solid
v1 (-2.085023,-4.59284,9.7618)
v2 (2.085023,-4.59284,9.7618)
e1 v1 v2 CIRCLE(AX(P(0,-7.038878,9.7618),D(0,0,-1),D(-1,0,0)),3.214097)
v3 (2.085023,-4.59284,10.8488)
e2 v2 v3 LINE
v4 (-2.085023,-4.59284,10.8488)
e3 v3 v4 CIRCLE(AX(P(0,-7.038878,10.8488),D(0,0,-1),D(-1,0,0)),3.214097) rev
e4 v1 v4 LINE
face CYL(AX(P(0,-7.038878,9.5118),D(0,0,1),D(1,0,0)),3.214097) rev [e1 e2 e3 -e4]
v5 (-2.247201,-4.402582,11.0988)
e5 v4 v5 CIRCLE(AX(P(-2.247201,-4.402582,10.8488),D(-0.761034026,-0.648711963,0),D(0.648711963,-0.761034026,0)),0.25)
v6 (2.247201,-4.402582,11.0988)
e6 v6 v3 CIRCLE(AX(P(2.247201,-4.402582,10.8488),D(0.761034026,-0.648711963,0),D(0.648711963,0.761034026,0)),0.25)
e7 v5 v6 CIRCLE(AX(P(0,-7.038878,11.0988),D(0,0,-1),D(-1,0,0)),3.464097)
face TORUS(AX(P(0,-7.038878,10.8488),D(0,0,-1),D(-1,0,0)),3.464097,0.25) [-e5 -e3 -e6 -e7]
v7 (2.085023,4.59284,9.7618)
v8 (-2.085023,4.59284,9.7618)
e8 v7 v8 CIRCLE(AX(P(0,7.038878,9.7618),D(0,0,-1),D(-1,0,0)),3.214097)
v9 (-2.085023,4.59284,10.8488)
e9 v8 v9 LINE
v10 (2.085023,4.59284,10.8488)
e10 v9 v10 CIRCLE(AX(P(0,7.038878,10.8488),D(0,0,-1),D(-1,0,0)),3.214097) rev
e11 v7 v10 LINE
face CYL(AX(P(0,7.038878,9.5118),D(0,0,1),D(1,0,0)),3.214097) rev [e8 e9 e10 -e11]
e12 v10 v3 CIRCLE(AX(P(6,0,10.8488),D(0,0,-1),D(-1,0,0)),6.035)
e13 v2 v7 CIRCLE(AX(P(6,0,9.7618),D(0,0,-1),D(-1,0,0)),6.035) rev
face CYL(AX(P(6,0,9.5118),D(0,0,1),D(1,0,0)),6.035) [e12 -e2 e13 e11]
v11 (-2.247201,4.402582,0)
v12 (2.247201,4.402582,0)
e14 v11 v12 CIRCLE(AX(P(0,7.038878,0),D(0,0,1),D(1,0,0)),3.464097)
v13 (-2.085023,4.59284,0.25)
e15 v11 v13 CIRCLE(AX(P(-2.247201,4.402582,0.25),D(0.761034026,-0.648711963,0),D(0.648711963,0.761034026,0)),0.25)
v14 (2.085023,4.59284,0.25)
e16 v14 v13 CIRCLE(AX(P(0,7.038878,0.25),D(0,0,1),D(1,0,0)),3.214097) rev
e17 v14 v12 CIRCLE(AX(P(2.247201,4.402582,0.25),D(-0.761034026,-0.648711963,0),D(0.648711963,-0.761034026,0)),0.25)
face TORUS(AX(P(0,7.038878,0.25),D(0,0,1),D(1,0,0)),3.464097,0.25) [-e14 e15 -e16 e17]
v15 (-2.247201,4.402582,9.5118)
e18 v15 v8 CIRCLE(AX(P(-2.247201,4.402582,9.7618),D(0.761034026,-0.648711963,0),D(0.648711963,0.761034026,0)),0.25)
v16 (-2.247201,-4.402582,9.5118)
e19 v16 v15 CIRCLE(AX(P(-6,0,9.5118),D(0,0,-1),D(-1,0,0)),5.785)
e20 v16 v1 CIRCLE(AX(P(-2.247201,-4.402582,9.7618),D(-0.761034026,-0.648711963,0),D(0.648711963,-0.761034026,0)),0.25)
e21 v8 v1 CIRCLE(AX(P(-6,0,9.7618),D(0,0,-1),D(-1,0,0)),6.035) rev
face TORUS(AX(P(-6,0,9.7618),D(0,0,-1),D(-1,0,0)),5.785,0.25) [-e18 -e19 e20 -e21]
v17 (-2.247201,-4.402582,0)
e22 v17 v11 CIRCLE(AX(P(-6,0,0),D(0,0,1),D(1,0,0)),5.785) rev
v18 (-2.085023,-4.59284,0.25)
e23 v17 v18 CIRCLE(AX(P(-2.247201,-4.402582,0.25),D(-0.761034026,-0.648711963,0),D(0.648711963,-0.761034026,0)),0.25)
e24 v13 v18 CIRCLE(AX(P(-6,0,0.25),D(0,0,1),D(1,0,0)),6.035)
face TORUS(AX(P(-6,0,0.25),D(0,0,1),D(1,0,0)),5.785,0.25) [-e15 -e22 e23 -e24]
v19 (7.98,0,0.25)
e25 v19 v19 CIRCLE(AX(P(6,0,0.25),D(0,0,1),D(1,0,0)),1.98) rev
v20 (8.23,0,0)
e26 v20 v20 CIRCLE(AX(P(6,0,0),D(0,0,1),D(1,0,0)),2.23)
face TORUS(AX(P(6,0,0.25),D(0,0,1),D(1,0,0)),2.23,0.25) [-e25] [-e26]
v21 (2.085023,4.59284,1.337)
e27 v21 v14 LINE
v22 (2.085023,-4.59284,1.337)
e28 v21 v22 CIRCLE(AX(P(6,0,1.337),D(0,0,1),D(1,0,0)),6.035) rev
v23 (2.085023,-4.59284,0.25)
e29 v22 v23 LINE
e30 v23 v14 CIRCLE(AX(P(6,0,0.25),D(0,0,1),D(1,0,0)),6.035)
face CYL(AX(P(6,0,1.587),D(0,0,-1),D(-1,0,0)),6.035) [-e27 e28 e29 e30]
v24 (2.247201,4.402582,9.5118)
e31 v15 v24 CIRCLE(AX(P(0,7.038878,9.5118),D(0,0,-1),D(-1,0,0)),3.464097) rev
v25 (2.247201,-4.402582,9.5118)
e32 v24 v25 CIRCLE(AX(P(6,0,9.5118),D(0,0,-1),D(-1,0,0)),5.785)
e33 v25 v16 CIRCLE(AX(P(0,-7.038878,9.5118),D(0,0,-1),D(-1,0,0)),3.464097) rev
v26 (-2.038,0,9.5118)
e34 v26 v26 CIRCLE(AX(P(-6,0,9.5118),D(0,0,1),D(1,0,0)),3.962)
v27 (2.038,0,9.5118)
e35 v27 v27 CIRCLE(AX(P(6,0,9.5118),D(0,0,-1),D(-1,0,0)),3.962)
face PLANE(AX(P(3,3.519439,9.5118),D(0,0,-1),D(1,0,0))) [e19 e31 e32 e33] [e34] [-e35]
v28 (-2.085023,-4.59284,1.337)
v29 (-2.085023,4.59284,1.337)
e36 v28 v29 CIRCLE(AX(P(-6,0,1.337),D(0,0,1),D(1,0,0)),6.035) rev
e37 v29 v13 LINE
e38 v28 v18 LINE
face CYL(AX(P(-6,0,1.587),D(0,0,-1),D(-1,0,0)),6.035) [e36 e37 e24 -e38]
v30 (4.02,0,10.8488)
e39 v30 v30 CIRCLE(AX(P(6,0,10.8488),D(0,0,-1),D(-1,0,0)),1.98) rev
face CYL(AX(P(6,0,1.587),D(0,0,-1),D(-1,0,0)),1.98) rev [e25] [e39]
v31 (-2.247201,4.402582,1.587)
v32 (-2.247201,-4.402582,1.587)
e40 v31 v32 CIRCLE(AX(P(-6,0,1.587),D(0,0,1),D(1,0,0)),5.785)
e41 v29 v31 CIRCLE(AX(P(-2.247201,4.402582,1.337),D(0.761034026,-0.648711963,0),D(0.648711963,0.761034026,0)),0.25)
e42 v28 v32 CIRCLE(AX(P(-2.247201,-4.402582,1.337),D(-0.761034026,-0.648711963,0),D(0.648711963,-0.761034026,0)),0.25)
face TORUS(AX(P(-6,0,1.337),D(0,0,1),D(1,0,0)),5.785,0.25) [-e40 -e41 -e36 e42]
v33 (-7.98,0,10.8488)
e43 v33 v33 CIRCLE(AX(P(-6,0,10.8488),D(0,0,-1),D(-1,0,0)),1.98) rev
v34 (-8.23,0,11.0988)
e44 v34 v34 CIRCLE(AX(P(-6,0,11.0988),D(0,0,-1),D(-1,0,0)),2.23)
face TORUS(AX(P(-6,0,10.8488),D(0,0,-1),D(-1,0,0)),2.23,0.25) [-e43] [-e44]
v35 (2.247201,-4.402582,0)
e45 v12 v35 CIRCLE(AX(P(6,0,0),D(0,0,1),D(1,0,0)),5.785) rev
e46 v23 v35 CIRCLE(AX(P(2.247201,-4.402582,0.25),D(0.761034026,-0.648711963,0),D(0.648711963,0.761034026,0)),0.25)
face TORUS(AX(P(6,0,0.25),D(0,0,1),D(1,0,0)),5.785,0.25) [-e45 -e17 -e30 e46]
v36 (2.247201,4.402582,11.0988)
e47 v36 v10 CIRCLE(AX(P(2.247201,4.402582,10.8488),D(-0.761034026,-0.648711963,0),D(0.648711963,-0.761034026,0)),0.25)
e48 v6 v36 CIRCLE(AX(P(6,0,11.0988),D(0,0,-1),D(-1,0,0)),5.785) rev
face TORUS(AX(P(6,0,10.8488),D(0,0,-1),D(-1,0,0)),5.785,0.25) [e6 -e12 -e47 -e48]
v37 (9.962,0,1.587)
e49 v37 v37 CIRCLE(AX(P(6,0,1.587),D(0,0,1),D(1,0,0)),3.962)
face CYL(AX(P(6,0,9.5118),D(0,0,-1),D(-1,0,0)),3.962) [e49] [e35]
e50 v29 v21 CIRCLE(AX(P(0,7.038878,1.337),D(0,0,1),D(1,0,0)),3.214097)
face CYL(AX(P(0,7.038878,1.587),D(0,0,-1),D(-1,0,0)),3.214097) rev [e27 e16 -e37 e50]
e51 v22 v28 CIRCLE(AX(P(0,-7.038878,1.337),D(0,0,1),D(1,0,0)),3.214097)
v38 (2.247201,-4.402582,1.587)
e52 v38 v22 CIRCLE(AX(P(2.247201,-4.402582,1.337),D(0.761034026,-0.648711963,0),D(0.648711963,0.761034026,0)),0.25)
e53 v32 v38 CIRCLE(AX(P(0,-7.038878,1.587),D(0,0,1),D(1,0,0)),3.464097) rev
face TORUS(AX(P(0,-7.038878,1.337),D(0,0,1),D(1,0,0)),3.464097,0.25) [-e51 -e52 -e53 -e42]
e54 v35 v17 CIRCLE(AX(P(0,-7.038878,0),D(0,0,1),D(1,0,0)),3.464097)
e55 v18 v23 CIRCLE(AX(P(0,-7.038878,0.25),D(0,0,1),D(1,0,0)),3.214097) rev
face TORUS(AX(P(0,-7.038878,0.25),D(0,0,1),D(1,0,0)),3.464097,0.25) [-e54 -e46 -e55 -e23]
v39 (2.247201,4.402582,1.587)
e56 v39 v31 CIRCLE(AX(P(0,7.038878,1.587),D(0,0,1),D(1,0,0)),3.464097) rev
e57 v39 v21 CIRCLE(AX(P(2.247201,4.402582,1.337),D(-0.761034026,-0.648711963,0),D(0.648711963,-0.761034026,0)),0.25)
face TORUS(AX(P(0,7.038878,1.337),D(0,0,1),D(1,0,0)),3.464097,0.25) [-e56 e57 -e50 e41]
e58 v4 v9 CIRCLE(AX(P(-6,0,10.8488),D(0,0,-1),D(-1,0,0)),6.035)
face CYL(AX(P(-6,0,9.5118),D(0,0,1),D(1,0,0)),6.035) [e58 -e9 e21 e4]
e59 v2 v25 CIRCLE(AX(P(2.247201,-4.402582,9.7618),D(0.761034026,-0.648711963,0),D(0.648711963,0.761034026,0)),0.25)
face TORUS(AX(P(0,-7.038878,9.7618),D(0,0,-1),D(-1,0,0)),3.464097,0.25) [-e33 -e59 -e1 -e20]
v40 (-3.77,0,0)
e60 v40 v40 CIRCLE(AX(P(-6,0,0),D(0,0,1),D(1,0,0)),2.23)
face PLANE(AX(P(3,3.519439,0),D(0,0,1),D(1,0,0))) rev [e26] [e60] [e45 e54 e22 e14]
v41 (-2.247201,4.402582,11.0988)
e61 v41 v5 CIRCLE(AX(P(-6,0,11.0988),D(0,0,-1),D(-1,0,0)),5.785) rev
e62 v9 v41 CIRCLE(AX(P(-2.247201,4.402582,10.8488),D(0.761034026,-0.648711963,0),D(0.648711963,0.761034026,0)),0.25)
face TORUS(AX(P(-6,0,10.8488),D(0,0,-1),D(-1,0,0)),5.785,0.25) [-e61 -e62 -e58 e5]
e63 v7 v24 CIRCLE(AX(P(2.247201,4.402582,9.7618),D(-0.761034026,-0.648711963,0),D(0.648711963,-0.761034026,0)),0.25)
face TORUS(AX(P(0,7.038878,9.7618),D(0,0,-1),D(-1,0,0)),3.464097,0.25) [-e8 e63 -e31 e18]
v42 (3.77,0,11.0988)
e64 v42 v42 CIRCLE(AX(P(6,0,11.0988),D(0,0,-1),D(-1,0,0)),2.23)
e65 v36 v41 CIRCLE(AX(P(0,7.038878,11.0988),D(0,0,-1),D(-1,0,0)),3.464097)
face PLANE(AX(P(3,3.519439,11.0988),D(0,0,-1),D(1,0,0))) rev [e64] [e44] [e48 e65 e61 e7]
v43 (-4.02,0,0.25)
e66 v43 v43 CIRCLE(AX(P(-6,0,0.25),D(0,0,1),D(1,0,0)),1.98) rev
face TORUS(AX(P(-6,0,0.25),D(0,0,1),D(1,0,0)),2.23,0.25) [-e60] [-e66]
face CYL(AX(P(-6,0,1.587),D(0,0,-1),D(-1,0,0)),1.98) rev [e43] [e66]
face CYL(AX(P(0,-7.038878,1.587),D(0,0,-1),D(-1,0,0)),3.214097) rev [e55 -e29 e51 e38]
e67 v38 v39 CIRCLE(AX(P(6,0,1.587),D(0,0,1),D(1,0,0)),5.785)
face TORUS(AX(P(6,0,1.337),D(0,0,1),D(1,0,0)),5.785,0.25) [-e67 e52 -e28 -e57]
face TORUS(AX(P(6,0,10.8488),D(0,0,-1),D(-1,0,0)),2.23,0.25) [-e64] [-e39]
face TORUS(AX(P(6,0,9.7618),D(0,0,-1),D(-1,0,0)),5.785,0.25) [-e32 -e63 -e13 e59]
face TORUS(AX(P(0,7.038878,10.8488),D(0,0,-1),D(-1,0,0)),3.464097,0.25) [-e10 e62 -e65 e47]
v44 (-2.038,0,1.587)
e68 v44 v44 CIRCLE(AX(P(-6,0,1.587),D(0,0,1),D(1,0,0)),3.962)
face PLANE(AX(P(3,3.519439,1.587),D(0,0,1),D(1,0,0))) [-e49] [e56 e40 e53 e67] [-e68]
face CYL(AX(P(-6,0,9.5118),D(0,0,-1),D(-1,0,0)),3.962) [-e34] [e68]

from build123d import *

# Parameters (mm, degrees)
SKETCH1_R            = 1.98
BOSS_EXTRUDE1_DEPTH  = 1.587
FILLET1_R            = 0.25
SKETCH2_R            = 3.962
SKETCH2_R_2          = 1.98
BOSS_EXTRUDE2_DEPTH  = 7.9248
FILLET1_OF_MIRROR3_R = 0.25
FILLET2_R            = 0.25


with BuildPart() as part:
    # Sketch1 → Boss-Extrude1 (new body)
    with BuildSketch(Plane.XY):
        with BuildLine():
            ThreePointArc((-2.085023304, 4.592840349), (-12.035, 0), (-2.085023304, -4.592840349))
            ThreePointArc((-2.085023304, -4.592840349), (0, -3.824780481), (2.085023304, -4.592840349))
            ThreePointArc((2.085023304, -4.592840349), (12.035, 0), (2.085023304, 4.592840349))
            ThreePointArc((2.085023304, 4.592840349), (0, 3.824780481), (-2.085023304, 4.592840349))
        make_face()
        with Locations((-6, 0)):
            Circle(SKETCH1_R, mode=Mode.SUBTRACT)
        with Locations(Location((6, 0, 0), (0, 0, 180))):
            Circle(SKETCH1_R, mode=Mode.SUBTRACT)
    boss_extrude1 = extrude(amount=BOSS_EXTRUDE1_DEPTH)

    # Fillet1
    fillet1_edges = [part.edges().sort_by_distance(p)[0] for p in [
        (0, -3.824780481, 1.587),
        (12.035, 0, 1.587),
        (0, 3.824780481, 1.587),
        (12.035, 0, 0),
        (0, -3.824780481, 0),
        (-12.035, 0, 0),
        (0, 3.824780481, 0),
        (-12.035, 0, 1.587),
    ]]
    fillet(fillet1_edges, radius=FILLET1_R)

    # Sketch2 → Boss-Extrude2 (add)
    with BuildSketch(Plane.XY.offset(1.587)):
        with Locations((-6, 0)):
            Circle(SKETCH2_R)
        with Locations((-6, 0)):
            Circle(SKETCH2_R_2, mode=Mode.SUBTRACT)
    boss_extrude2 = extrude(amount=BOSS_EXTRUDE2_DEPTH)

    # Mirror1: Boss-Extrude2 across plane
    add(boss_extrude2.mirror(Plane(origin=(0, 0, 0), x_dir=(0, 0, 1), z_dir=(1, 0, 0))))

    # Mirror3: Boss-Extrude1 across plane
    add(boss_extrude1.mirror(Plane.XY.offset(5.5494)))

    # Fillet1 of Mirror3
    fillet1_of_mirror3_edges = [part.edges().sort_by_distance(p)[0] for p in [
        (0, -3.824780481, 9.5118),
        (12.035, 0, 9.5118),
        (0, 3.824780481, 9.5118),
        (12.035, 0, 11.0988),
        (0, -3.824780481, 11.0988),
        (-12.035, 0, 11.0988),
        (0, 3.824780481, 11.0988),
        (-12.035, 0, 9.5118),
    ]]
    fillet(fillet1_of_mirror3_edges, radius=FILLET1_OF_MIRROR3_R)

    # Fillet2
    fillet2_edges = [part.edges().sort_by_distance(p)[0] for p in [
        (-7.98, 0, 0),
        (7.98, 0, 0),
        (-7.98, 0, 11.0988),
        (7.98, 0, 11.0988),
    ]]
    fillet(fillet2_edges, radius=FILLET2_R)


solid = part.part
